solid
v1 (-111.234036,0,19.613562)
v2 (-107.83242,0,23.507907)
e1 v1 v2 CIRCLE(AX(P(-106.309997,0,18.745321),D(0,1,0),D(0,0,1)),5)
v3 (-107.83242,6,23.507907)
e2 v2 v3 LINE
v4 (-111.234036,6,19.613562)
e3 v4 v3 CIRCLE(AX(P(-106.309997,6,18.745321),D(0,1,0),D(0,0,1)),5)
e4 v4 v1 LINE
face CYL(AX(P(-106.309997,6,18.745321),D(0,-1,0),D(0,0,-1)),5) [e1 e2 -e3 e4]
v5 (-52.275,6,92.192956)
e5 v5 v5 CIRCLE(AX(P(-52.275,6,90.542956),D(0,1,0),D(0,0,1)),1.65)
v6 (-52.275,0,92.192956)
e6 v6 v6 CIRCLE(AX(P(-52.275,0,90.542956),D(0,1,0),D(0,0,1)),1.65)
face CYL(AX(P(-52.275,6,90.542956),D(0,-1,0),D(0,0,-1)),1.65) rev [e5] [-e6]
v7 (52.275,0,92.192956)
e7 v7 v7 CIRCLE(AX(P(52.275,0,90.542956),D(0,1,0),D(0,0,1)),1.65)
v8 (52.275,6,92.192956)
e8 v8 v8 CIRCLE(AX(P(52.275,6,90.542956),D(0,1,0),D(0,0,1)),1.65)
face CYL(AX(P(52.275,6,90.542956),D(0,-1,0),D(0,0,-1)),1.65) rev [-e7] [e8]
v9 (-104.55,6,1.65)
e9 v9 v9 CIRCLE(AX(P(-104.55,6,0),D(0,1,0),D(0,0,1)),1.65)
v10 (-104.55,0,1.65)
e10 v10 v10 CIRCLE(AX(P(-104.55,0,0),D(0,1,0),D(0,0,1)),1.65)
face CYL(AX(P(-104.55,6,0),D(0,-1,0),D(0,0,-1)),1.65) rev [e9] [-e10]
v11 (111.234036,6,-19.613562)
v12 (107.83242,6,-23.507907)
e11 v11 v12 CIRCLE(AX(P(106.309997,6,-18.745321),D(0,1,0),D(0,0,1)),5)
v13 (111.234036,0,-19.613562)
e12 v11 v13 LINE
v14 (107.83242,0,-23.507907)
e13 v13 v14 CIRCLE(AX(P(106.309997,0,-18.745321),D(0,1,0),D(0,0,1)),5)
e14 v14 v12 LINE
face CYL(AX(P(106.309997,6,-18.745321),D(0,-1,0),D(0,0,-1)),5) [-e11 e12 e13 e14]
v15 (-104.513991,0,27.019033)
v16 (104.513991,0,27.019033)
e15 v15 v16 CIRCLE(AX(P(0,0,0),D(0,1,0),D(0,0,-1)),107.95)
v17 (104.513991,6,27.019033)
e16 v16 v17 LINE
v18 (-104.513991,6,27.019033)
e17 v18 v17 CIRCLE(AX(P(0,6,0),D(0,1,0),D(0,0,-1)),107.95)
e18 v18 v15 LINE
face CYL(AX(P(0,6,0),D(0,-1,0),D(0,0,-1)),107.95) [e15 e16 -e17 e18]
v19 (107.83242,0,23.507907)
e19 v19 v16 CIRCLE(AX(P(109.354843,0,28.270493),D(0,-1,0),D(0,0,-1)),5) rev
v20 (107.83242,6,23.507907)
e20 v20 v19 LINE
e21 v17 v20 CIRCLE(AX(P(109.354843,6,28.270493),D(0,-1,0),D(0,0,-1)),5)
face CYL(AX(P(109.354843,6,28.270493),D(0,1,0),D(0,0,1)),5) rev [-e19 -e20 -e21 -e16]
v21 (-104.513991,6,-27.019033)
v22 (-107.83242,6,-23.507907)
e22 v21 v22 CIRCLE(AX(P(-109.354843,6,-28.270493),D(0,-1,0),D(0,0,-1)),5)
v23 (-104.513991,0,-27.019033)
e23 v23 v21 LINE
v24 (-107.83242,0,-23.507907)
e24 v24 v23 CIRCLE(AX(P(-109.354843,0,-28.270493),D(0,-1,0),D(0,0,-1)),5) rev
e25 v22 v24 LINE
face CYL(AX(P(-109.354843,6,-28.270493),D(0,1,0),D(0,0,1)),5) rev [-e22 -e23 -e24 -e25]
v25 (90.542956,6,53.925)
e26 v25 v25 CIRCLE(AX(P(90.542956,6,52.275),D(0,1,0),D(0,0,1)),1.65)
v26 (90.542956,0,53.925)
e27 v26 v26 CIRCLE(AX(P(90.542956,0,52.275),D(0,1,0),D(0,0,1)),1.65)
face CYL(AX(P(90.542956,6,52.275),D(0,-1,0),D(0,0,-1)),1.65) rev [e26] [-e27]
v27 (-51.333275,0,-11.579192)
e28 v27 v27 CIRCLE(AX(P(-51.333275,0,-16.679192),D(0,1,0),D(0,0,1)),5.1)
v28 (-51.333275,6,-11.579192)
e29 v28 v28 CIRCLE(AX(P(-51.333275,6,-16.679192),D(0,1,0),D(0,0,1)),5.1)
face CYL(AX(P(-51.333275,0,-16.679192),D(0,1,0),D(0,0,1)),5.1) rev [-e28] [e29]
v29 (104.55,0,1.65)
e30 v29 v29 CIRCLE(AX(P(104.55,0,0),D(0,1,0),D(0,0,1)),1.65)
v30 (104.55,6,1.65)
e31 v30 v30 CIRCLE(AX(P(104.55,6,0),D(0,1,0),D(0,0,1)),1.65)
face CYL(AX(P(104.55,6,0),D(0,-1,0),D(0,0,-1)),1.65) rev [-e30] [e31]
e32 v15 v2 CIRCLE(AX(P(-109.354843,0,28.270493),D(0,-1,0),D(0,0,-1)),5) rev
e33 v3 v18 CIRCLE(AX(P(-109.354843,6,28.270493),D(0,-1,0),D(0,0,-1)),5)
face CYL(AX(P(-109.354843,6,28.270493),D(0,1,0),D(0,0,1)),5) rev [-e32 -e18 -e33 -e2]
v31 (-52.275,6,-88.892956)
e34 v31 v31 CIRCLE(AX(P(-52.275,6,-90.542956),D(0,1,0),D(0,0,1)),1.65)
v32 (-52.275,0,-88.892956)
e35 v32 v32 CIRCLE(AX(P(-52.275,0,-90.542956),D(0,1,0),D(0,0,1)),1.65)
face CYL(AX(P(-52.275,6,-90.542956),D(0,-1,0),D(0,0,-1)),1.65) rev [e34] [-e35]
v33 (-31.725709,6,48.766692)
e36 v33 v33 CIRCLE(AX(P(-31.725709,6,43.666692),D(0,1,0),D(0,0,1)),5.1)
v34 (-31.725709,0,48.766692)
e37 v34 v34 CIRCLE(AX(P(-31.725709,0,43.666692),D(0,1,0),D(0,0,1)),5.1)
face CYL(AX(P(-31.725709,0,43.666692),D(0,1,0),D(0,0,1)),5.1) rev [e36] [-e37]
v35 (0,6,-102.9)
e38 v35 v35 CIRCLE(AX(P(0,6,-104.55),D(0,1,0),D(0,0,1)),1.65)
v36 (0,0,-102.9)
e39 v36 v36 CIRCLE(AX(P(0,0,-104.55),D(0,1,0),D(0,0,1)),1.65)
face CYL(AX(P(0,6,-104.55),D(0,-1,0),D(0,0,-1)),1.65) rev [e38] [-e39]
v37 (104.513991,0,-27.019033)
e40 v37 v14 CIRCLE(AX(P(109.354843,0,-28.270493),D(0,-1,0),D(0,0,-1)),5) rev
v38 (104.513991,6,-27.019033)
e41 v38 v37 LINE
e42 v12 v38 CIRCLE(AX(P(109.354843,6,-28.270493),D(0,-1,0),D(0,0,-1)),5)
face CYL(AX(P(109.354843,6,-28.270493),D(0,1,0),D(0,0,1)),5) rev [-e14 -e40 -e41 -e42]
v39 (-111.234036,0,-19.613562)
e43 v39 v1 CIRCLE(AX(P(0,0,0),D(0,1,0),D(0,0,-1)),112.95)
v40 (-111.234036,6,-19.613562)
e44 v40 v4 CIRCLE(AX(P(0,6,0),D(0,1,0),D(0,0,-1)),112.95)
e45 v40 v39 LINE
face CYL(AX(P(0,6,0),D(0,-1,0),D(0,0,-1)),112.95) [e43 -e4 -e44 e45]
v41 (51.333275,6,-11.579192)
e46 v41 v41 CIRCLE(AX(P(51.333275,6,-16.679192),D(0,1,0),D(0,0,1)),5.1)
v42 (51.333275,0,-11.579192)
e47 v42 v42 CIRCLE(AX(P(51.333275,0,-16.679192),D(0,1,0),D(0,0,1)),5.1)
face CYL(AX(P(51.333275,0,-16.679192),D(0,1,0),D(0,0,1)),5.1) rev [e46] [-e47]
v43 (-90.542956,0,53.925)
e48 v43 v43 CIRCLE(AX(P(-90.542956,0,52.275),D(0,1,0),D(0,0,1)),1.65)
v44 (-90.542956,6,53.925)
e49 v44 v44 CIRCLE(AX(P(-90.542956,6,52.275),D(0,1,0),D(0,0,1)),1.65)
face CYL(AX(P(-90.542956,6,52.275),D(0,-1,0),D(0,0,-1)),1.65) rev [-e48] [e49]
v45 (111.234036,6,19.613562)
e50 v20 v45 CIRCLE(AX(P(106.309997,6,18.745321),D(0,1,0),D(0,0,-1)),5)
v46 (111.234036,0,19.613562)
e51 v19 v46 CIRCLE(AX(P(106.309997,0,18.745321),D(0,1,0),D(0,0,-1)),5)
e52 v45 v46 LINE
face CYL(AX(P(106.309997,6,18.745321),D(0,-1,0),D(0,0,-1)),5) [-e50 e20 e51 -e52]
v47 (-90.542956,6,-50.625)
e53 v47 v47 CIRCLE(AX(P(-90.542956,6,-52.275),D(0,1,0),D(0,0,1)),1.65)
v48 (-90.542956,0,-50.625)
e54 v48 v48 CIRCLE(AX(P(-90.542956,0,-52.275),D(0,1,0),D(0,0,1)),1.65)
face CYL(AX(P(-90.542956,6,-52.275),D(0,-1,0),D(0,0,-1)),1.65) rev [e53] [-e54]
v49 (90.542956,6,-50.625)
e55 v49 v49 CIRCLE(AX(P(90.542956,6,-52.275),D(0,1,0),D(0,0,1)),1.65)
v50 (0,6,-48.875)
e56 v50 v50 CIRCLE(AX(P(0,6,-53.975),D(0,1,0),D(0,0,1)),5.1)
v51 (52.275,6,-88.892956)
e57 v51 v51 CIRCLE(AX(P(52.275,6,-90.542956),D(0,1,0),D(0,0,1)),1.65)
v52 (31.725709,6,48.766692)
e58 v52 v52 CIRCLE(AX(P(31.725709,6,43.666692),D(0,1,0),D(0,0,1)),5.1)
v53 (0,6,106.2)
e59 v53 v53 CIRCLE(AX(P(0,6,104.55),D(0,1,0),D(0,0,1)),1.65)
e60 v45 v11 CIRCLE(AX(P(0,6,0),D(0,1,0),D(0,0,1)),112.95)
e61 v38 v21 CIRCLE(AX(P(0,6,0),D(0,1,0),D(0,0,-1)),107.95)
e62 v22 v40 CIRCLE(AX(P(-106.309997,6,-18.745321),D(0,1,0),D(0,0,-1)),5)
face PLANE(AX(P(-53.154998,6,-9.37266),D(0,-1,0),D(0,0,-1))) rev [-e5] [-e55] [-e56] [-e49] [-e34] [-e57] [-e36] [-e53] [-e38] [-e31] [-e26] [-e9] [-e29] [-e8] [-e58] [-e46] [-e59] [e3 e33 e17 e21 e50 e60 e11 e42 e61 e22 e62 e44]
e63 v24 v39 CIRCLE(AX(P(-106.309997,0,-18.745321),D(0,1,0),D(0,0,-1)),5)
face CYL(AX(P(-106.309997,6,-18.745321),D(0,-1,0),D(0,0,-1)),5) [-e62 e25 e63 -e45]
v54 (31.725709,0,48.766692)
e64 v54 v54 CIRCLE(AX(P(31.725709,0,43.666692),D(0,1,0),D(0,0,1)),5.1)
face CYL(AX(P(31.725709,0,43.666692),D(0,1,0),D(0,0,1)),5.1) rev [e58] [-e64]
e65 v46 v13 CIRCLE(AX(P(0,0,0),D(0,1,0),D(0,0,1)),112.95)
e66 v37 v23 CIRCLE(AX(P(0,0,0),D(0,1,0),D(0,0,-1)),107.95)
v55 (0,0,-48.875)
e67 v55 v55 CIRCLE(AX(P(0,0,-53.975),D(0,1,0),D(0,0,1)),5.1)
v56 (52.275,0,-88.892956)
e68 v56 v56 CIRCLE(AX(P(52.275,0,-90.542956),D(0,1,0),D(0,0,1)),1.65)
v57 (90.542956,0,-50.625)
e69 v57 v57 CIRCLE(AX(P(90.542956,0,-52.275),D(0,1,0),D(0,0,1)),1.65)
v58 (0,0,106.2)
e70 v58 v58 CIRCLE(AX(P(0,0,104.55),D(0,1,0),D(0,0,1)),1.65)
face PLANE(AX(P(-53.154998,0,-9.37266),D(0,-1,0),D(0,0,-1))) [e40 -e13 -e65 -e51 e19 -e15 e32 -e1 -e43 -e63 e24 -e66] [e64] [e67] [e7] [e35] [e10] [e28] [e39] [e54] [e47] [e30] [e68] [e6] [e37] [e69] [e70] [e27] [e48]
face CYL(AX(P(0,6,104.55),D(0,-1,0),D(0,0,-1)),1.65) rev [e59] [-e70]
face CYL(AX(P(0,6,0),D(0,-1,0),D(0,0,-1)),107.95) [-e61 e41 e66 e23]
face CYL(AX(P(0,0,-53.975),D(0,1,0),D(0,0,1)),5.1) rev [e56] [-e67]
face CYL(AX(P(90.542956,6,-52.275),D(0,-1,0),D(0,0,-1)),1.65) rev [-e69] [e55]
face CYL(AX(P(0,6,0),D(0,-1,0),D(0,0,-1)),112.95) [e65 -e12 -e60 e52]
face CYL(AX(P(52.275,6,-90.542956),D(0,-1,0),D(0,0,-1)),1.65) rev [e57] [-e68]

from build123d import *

# Parameters (mm, degrees)
SKETCH1_R           = 1.65
BOSS_EXTRUDE1_DEPTH = 6
FILLET1_R           = 5
SKETCH2_R           = 5.1
CUT_EXTRUDE1_DEPTH  = 157.355060824


with BuildPart() as part:
    # Sketch1 → Boss-Extrude1 (new body)
    with BuildSketch(Plane(origin=(0, 0, 0), x_dir=(1, 0, 0), z_dir=(0, 1, 0))):
        with BuildLine():
            ThreePointArc((-111.234035703, -19.613561667), (-112.95, 0), (-111.234035703, 19.613561667))
            ThreePointArc((-111.234035703, 19.613561667), (-109.13025705, 22.87401705), (-105.327953741, 23.647931427))
            ThreePointArc((-105.327953741, 23.647931427), (0, 107.95), (105.327953741, 23.647931427))
            ThreePointArc((105.327953741, 23.647931427), (109.13025705, 22.87401705), (111.234035703, 19.613561667))
            ThreePointArc((111.234035703, 19.613561667), (112.95, 0), (111.234035703, -19.613561667))
            ThreePointArc((111.234035703, -19.613561667), (109.13025705, -22.87401705), (105.327953741, -23.647931427))
            ThreePointArc((105.327953741, -23.647931427), (0, -107.95), (-105.327953741, -23.647931427))
            ThreePointArc((-105.327953741, -23.647931427), (-109.13025705, -22.87401705), (-111.234035703, -19.613561667))
        make_face()
        with Locations(Location((0, 104.55, 0), (0, 0, 270))):
            Circle(SKETCH1_R, mode=Mode.SUBTRACT)
        with Locations(Location((52.275, 90.542955966, 0), (0, 0, 270))):
            Circle(SKETCH1_R, mode=Mode.SUBTRACT)
        with Locations(Location((90.542955966, 52.275, 0), (0, 0, 270))):
            Circle(SKETCH1_R, mode=Mode.SUBTRACT)
        with Locations(Location((104.55, 0, 0), (0, 0, 270))):
            Circle(SKETCH1_R, mode=Mode.SUBTRACT)
        with Locations(Location((90.542955966, -52.275, 0), (0, 0, 270))):
            Circle(SKETCH1_R, mode=Mode.SUBTRACT)
        with Locations(Location((52.275, -90.542955966, 0), (0, 0, 270))):
            Circle(SKETCH1_R, mode=Mode.SUBTRACT)
        with Locations(Location((0, -104.55, 0), (0, 0, 270))):
            Circle(SKETCH1_R, mode=Mode.SUBTRACT)
        with Locations(Location((-52.275, -90.542955966, 0), (0, 0, 270))):
            Circle(SKETCH1_R, mode=Mode.SUBTRACT)
        with Locations(Location((-90.542955966, -52.275, 0), (0, 0, 270))):
            Circle(SKETCH1_R, mode=Mode.SUBTRACT)
        with Locations(Location((-104.55, 0, 0), (0, 0, 270))):
            Circle(SKETCH1_R, mode=Mode.SUBTRACT)
        with Locations(Location((-90.542955966, 52.275, 0), (0, 0, 270))):
            Circle(SKETCH1_R, mode=Mode.SUBTRACT)
        with Locations(Location((-52.275, 90.542955966, 0), (0, 0, 270))):
            Circle(SKETCH1_R, mode=Mode.SUBTRACT)
    extrude(amount=BOSS_EXTRUDE1_DEPTH)

    # Fillet1
    fillet1_edges = [part.edges().sort_by_distance(p)[0] for p in [
        (-105.327953741, 3, -23.647931427),
        (105.327953741, 3, -23.647931427),
        (105.327953741, 3, 23.647931427),
        (-105.327953741, 3, 23.647931427),
    ]]
    fillet(fillet1_edges, radius=FILLET1_R)

    # Sketch2 → Cut-Extrude1 (cut, through all)
    with BuildSketch(Plane(origin=(0, 6, 0), x_dir=(1, 0, 0), z_dir=(0, 1, 0))):
        with Locations(Location((0, 53.975, 0), (0, 0, 270))):
            Circle(SKETCH2_R)
        with Locations(Location((51.333275467, 16.679192271, 0), (0, 0, 270))):
            Circle(SKETCH2_R)
        with Locations(Location((31.725708992, -43.666692271, 0), (0, 0, 270))):
            Circle(SKETCH2_R)
        with Locations(Location((-31.725708992, -43.666692271, 0), (0, 0, 270))):
            Circle(SKETCH2_R)
        with Locations(Location((-51.333275467, 16.679192271, 0), (0, 0, 270))):
            Circle(SKETCH2_R)
    extrude(amount=-CUT_EXTRUDE1_DEPTH, mode=Mode.SUBTRACT)


solid = part.part
